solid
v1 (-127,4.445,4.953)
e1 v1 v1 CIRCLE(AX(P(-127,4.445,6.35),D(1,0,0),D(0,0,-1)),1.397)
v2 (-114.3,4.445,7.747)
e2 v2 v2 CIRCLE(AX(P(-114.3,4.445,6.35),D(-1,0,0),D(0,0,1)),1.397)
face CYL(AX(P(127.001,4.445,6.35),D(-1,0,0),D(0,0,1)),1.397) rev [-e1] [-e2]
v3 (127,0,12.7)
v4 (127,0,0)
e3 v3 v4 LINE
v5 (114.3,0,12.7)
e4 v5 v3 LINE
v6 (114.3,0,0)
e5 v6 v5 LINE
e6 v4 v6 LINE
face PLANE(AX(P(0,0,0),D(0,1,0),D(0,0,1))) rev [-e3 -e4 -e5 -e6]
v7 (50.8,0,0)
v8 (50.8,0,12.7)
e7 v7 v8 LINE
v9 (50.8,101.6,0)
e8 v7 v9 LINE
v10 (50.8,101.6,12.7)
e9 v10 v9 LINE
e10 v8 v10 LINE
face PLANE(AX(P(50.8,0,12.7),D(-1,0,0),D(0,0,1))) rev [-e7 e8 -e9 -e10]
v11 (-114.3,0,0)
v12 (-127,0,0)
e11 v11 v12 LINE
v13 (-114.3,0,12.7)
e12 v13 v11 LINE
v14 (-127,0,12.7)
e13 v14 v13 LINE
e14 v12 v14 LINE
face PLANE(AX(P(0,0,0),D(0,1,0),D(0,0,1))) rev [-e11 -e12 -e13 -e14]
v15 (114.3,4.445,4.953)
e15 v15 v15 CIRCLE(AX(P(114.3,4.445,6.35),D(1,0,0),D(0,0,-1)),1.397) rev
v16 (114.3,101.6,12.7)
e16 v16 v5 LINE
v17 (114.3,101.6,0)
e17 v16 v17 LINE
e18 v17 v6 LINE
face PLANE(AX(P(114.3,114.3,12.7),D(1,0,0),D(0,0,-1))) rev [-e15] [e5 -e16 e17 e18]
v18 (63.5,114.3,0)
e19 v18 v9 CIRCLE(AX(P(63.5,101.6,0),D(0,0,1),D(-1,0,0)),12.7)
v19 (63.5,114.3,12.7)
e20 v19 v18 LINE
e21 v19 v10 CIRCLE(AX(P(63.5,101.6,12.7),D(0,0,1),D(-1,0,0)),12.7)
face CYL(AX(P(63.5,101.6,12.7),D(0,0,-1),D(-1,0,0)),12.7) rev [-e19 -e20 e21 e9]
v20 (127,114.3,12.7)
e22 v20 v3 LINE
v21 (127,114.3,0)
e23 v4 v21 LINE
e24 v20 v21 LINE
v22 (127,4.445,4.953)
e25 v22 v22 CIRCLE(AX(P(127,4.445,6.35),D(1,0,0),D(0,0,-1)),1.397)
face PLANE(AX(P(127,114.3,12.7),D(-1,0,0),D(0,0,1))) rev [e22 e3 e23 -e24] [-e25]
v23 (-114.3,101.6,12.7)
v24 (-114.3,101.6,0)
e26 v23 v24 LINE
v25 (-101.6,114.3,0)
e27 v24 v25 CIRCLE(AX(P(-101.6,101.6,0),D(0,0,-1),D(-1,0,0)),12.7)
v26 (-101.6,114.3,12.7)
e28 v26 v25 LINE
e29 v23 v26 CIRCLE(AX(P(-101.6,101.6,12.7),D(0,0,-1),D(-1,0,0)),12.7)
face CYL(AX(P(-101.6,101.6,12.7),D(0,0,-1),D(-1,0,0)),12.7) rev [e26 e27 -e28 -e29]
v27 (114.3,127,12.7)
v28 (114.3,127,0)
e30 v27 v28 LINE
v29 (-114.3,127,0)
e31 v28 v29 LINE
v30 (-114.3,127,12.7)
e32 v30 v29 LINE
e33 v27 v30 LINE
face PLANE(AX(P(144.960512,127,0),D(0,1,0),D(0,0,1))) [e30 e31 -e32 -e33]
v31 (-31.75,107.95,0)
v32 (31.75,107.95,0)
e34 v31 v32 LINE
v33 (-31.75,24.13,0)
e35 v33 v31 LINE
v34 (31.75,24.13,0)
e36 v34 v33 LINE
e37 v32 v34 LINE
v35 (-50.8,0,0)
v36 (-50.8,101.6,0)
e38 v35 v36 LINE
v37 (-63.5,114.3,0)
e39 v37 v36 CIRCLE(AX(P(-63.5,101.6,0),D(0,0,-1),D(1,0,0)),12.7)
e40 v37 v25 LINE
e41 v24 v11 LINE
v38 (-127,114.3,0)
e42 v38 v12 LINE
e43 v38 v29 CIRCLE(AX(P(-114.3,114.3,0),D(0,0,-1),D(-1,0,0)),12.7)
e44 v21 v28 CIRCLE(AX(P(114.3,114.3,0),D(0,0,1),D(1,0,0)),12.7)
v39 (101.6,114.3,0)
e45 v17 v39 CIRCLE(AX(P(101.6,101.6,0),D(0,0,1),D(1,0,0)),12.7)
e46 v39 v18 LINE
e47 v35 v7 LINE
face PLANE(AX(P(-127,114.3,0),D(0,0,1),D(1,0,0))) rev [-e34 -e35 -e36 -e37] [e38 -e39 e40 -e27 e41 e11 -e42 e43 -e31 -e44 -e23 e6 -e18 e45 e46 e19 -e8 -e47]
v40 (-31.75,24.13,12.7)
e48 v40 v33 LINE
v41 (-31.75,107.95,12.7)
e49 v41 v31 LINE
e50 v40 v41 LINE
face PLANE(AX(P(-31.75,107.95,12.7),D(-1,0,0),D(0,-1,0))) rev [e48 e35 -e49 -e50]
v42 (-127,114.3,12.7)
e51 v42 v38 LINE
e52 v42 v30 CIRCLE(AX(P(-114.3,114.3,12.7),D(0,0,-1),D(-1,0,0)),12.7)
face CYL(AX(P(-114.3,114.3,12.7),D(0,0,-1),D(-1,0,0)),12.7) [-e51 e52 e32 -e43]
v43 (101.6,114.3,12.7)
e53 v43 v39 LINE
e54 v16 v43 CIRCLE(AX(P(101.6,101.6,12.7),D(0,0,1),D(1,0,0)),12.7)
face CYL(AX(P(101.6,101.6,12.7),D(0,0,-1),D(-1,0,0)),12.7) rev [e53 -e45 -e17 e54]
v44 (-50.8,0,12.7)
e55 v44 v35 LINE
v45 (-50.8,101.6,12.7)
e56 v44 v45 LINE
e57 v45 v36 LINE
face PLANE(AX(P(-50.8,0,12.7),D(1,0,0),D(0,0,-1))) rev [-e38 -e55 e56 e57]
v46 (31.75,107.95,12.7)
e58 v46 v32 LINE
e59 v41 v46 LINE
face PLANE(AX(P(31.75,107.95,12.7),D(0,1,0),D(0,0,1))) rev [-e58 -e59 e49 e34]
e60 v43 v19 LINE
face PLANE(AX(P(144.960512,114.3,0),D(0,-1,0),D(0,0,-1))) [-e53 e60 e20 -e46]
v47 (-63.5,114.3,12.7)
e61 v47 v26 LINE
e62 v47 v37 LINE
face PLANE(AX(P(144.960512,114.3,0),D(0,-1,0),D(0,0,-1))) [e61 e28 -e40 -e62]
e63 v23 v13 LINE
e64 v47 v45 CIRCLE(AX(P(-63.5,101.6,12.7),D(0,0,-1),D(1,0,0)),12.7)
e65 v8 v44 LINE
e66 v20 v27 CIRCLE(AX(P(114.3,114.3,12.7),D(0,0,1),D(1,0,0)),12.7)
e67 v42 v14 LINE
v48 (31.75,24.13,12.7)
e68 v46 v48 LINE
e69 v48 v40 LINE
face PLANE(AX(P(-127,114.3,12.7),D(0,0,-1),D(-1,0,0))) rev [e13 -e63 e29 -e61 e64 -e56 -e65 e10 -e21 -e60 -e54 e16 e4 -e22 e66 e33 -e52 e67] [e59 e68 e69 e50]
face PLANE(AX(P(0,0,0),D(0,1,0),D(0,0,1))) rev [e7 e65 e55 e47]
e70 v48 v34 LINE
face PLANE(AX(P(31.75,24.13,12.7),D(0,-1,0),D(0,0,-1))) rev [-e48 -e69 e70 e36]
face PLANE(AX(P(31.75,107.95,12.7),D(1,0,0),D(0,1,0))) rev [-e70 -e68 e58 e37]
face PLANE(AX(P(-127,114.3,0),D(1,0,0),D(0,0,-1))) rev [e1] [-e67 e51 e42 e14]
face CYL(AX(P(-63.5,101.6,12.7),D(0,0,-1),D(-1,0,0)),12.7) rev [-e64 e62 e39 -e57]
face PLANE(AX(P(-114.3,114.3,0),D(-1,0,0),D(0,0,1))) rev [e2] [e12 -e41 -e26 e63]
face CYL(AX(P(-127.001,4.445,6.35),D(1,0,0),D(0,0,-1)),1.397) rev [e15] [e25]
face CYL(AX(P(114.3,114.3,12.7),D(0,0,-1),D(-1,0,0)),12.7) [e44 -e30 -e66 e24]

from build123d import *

# Parameters (mm, degrees)
SKETCH1_W             = 12.7
SKETCH1_H             = 12.7
BOSS_EXTRUDE1_DEPTH   = 114.3
BOSS_EXTRUDE1_2_DEPTH = 114.3
SKETCH2_W             = 12.7
SKETCH2_H             = 12.7
BOSS_EXTRUDE2_DEPTH   = 254
SKETCH3_W             = 101.6
SKETCH3_H             = 12.7
BOSS_EXTRUDE3_DEPTH   = 114.3
SKETCH4_R             = 1.397
CUT_EXTRUDE1_DEPTH    = 12.7
BOSS_EXTRUDE4_DEPTH   = 12.7
CUT_EXTRUDE2_DEPTH    = 12.7
SKETCH7_W             = 63.5
SKETCH7_H             = 83.82
CUT_EXTRUDE3_DEPTH    = 12.7


with BuildPart() as part:
    # Sketch1 → Boss-Extrude1 (new body)
    with BuildSketch(Plane(origin=(0, 0, 0), x_dir=(1, 0, 0), z_dir=(0, 1, 0))):
        with Locations((-120.65, -6.35)):
            Rectangle(SKETCH1_W, SKETCH1_H)
    extrude(amount=BOSS_EXTRUDE1_DEPTH)



with BuildPart() as body_2:
    # Sketch1 → Boss-Extrude1 2 (new body)
    with BuildSketch(Plane(origin=(0, 0, 0), x_dir=(1, 0, 0), z_dir=(0, 1, 0))):
        with Locations((120.65, -6.35)):
            Rectangle(SKETCH1_W, SKETCH1_H)
    extrude(amount=BOSS_EXTRUDE1_2_DEPTH)


with BuildPart() as part_1:
    add(part.part)

    add(body_2.part)  # Boss-Extrude2 merges body 2
    # Sketch2 → Boss-Extrude2 (add)
    with BuildSketch(Plane.ZY.offset(127)):
        with Locations((6.35, 120.65)):
            Rectangle(SKETCH2_W, SKETCH2_H)
    extrude(amount=-BOSS_EXTRUDE2_DEPTH)

    # Sketch3 → Boss-Extrude3 (add)
    with BuildSketch(Plane.XZ.offset(-114.3)):
        with Locations((0, 6.35)):
            Rectangle(SKETCH3_W, SKETCH3_H)
    extrude(amount=BOSS_EXTRUDE3_DEPTH)

    # Sketch4 → Cut-Extrude1 (cut)
    with BuildSketch(Plane(origin=(127, 0, 0), x_dir=(0, 0, -1), z_dir=(1, 0, 0))):
        with Locations((-6.35, 4.445)):
            Circle(SKETCH4_R)
    cut_extrude1 = extrude(amount=-CUT_EXTRUDE1_DEPTH, mode=Mode.SUBTRACT)

    # Mirror1: Cut-Extrude1 across plane
    add(cut_extrude1.mirror(Plane(origin=(0, 0, 0), x_dir=(0, 0, 1), z_dir=(1, 0, 0))), mode=Mode.SUBTRACT)

    # Sketch5 → Boss-Extrude4 (add)
    with BuildSketch(Plane(origin=(0, 0, 0), x_dir=(-1, 0, 0), z_dir=(0, 0, -1))):
        with BuildLine():
            Line((-114.3, 114.3), (-114.3, 101.6))
            ThreePointArc((-114.3, 101.6), (-110.580256121, 110.580256121), (-101.6, 114.3))
            Line((-101.6, 114.3), (-114.3, 114.3))
        make_face()
        with BuildLine():
            Line((-50.8, 114.3), (-63.5, 114.3))
            ThreePointArc((-63.5, 114.3), (-54.519743879, 110.580256121), (-50.8, 101.6))
            Line((-50.8, 101.6), (-50.8, 114.3))
        make_face()
    boss_extrude4 = extrude(amount=-BOSS_EXTRUDE4_DEPTH)

    # Mirror2: Boss-Extrude4 across plane
    add(boss_extrude4.mirror(Plane(origin=(0, 0, 0), x_dir=(0, 0, 1), z_dir=(1, 0, 0))))

    # Sketch6 → Cut-Extrude2 (cut)
    with BuildSketch(Plane(origin=(0, 0, 0), x_dir=(-1, 0, 0), z_dir=(0, 0, -1))):
        with BuildLine():
            Line((-127, 127), (-127, 114.3))
            ThreePointArc((-127, 114.3), (-123.280256121, 123.280256121), (-114.3, 127))
            Line((-114.3, 127), (-127, 127))
        make_face()
    cut_extrude2 = extrude(amount=-CUT_EXTRUDE2_DEPTH, mode=Mode.SUBTRACT)

    # Mirror3: Cut-Extrude2 across plane
    add(cut_extrude2.mirror(Plane(origin=(0, 0, 0), x_dir=(0, 0, 1), z_dir=(1, 0, 0))), mode=Mode.SUBTRACT)

    # Sketch7 → Cut-Extrude3 (cut)
    with BuildSketch(Plane(origin=(0, 0, 0), x_dir=(-1, 0, 0), z_dir=(0, 0, -1))):
        with Locations((0, 66.04)):
            Rectangle(SKETCH7_W, SKETCH7_H)
    extrude(amount=-CUT_EXTRUDE3_DEPTH, mode=Mode.SUBTRACT)


solid = part_1.part
